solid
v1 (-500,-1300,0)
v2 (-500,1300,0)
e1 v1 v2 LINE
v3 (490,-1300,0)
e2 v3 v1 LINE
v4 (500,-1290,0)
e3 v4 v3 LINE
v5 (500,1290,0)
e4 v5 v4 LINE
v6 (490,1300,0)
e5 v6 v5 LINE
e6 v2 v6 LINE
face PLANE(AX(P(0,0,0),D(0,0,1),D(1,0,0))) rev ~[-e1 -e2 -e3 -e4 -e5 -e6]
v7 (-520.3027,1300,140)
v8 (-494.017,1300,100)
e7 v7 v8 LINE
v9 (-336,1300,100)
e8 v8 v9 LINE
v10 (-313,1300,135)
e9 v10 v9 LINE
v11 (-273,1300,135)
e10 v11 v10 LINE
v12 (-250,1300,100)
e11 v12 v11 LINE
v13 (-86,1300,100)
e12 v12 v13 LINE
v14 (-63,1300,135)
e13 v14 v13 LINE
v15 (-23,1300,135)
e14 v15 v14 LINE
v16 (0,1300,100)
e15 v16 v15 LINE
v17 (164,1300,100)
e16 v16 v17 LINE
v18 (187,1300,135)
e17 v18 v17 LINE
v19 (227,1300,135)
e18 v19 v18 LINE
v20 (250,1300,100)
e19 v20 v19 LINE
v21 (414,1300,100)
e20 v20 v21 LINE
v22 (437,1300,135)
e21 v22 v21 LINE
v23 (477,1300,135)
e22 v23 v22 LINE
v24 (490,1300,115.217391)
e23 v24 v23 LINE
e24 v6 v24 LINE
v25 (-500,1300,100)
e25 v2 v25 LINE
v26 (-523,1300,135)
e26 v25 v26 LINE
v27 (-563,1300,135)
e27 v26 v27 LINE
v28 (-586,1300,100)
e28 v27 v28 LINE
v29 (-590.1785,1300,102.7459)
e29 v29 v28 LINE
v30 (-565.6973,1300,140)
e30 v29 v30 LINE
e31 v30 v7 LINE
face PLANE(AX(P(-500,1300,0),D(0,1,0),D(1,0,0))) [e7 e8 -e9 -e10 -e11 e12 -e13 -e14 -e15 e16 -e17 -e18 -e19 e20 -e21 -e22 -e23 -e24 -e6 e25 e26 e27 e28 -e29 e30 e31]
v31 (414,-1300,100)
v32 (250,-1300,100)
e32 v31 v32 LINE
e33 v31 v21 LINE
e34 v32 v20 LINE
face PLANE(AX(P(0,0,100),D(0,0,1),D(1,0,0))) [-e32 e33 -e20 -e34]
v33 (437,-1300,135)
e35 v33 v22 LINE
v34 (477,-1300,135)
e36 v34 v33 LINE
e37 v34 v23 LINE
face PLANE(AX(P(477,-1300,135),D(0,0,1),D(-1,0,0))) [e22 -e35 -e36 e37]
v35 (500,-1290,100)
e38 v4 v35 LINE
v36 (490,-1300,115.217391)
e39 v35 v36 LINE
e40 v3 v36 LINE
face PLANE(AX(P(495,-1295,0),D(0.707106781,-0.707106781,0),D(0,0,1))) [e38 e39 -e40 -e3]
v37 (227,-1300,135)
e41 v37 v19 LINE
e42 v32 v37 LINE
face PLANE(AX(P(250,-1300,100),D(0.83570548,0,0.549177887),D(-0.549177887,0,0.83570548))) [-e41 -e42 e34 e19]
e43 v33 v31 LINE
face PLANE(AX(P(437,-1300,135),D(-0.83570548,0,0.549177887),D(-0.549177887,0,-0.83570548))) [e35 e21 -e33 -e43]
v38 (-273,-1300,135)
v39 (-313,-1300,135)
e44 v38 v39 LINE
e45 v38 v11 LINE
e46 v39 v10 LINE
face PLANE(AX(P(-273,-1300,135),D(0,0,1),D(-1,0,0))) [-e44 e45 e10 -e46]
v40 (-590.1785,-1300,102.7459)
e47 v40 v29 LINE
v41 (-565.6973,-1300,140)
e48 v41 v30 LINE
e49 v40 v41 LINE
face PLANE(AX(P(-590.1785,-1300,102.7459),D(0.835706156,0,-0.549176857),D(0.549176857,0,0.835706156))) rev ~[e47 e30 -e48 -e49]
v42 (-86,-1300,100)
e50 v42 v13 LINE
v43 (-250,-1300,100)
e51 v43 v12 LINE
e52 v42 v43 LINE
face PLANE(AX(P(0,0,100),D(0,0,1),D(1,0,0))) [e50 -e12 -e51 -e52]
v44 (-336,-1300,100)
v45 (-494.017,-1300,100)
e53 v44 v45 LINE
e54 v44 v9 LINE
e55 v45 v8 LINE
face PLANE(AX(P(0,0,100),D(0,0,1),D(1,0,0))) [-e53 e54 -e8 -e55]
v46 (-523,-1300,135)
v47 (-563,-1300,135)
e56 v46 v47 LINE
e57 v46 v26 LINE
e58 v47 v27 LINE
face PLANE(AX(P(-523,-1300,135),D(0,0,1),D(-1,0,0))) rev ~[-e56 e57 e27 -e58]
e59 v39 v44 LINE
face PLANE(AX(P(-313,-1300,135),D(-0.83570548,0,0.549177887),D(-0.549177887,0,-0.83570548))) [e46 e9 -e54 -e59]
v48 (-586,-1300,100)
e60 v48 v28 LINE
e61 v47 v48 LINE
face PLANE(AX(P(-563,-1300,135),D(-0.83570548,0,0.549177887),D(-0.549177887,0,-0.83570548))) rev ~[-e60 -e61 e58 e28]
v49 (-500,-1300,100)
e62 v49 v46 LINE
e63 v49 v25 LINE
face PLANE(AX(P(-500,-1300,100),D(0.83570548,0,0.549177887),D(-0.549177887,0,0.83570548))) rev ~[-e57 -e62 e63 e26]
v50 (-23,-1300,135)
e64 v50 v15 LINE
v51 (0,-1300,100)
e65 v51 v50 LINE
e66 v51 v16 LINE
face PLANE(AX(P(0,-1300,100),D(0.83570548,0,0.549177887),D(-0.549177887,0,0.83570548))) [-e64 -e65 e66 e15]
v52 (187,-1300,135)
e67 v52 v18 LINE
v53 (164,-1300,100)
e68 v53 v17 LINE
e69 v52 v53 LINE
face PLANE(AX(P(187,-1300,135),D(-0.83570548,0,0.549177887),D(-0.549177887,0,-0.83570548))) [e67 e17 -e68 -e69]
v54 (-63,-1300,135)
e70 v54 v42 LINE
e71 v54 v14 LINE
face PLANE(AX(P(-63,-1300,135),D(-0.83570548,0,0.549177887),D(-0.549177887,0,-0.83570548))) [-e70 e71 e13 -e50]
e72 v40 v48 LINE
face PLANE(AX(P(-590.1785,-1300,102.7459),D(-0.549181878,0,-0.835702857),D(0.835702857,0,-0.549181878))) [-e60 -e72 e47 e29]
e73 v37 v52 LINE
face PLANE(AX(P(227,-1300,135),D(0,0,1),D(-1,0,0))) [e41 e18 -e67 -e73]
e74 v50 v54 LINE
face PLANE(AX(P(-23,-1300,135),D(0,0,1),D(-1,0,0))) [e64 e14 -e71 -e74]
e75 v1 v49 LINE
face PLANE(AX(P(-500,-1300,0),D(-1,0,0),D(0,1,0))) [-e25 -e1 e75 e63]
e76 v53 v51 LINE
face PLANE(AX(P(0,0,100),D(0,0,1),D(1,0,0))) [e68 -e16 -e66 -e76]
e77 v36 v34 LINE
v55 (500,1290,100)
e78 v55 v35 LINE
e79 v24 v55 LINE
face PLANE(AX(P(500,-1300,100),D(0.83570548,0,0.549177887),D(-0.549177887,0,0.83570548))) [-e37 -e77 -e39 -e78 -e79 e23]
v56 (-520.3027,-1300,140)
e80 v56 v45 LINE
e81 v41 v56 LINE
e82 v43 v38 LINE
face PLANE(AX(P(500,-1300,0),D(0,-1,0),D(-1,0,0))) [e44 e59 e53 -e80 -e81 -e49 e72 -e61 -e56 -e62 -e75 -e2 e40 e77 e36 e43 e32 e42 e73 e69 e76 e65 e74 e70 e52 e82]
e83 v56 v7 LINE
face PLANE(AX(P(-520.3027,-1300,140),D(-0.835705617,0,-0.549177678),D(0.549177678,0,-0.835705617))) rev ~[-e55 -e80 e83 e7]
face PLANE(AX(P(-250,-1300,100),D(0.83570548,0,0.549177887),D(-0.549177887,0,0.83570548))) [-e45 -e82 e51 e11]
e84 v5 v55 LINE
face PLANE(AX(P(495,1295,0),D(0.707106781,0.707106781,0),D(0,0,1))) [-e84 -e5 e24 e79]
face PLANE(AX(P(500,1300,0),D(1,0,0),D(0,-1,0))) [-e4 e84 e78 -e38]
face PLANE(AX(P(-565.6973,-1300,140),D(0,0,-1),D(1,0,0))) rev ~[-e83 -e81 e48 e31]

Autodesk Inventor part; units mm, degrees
ref_plane "YZ Plane" through (0, 0, 0) normal (1, 0, 0) x (0, 1, 0)
ref_plane "XZ Plane" through (0, 0, 0) normal (0, 1, 0) x (-1, 0, 0)
ref_plane "XY Plane" through (0, 0, 0) normal (0, 0, 1) x (1, 0, 0)
sketch "Sketch1" plane through (0, 0, 0) normal (0, 0, 1) x (1, 0, 0)
  line L0 (-500, 1300) -> (500, 1300)
  line L1 (500, 1300) -> (500, -1300)
  line L2 (500, -1300) -> (-500, -1300)
  line L3 (-500, -1300) -> (-500, 1300)
  line L4 (-500, 1300) -> (500, -1300) construction
  line L5 (500, 1300) -> (-500, -1300) construction
  point P0 (0, 0)
  dimension "d0" = 1000
  dimension "d1" = 2600
extrude "Extrusion1" add sketch "Sketch1" along normal blind 100
sketch "Sketch2" plane through (-500, -1300, 0) normal (0, -1, 0) x (1, 0, 0)
  line L0 (0, 0) -> (1000, 0) projected
  line L1 (1000, 0) -> (1000, 100) projected
  line L2 (0, 100) -> (1000, 100) projected
  line L3 (0, 0) -> (0, 100) projected
  line L4 (0, 100) -> (1000, 100) projected
  line L5 (1000, 100) -> (977, 135)
  line L6 (977, 135) -> (937, 135)
  line L7 (937, 135) -> (914, 100)
  line L8 (687, 135) -> (664, 100)
  line L9 (727, 135) -> (687, 135)
  line L10 (750, 100) -> (727, 135)
  line L11 (437, 135) -> (414, 100)
  line L12 (477, 135) -> (437, 135)
  line L13 (500, 100) -> (477, 135)
  line L14 (187, 135) -> (164, 100)
  line L15 (227, 135) -> (187, 135)
  line L16 (250, 100) -> (227, 135)
  line L17 (-63, 135) -> (-86, 100)
  line L18 (-23, 135) -> (-63, 135)
  line L19 (0, 100) -> (-23, 135)
  line L20 (-90.1785, 102.7459) -> (-65.6973, 140)
  line L21 (-65.6973, 140) -> (-20.3027, 140)
  line L22 (-20.3027, 140) -> (5.983, 100)
  line L23 (-90.1785, 102.7459) -> (-86, 100)
  point P0 (500, 0)
  point P1 (5.983, 100)
  dimension "d4" = 86
  dimension "d5" = 40
  dimension "d6" = 35
  dimension "d11" = 250
  dimension "d16" = 5
  dimension "d17" = 5
extrude "Extrusion2" add sketch "Sketch2" against normal up to surface (2600 mm away) contours L19 L18 L17 L23 L20 L21 L22 L2 | L2 L7 L6 L5 | L14 L15 L16 L2 | L2 L8 L9 L10 | L11 L12 L13 L2
chamfer "Chamfer1" distance 10 angle 45 2 edges at (500, -1300, 50) (500, 1300, 50)
equation "\"d17\" = d16"
properties part number "Sandwich 5  roof long"
